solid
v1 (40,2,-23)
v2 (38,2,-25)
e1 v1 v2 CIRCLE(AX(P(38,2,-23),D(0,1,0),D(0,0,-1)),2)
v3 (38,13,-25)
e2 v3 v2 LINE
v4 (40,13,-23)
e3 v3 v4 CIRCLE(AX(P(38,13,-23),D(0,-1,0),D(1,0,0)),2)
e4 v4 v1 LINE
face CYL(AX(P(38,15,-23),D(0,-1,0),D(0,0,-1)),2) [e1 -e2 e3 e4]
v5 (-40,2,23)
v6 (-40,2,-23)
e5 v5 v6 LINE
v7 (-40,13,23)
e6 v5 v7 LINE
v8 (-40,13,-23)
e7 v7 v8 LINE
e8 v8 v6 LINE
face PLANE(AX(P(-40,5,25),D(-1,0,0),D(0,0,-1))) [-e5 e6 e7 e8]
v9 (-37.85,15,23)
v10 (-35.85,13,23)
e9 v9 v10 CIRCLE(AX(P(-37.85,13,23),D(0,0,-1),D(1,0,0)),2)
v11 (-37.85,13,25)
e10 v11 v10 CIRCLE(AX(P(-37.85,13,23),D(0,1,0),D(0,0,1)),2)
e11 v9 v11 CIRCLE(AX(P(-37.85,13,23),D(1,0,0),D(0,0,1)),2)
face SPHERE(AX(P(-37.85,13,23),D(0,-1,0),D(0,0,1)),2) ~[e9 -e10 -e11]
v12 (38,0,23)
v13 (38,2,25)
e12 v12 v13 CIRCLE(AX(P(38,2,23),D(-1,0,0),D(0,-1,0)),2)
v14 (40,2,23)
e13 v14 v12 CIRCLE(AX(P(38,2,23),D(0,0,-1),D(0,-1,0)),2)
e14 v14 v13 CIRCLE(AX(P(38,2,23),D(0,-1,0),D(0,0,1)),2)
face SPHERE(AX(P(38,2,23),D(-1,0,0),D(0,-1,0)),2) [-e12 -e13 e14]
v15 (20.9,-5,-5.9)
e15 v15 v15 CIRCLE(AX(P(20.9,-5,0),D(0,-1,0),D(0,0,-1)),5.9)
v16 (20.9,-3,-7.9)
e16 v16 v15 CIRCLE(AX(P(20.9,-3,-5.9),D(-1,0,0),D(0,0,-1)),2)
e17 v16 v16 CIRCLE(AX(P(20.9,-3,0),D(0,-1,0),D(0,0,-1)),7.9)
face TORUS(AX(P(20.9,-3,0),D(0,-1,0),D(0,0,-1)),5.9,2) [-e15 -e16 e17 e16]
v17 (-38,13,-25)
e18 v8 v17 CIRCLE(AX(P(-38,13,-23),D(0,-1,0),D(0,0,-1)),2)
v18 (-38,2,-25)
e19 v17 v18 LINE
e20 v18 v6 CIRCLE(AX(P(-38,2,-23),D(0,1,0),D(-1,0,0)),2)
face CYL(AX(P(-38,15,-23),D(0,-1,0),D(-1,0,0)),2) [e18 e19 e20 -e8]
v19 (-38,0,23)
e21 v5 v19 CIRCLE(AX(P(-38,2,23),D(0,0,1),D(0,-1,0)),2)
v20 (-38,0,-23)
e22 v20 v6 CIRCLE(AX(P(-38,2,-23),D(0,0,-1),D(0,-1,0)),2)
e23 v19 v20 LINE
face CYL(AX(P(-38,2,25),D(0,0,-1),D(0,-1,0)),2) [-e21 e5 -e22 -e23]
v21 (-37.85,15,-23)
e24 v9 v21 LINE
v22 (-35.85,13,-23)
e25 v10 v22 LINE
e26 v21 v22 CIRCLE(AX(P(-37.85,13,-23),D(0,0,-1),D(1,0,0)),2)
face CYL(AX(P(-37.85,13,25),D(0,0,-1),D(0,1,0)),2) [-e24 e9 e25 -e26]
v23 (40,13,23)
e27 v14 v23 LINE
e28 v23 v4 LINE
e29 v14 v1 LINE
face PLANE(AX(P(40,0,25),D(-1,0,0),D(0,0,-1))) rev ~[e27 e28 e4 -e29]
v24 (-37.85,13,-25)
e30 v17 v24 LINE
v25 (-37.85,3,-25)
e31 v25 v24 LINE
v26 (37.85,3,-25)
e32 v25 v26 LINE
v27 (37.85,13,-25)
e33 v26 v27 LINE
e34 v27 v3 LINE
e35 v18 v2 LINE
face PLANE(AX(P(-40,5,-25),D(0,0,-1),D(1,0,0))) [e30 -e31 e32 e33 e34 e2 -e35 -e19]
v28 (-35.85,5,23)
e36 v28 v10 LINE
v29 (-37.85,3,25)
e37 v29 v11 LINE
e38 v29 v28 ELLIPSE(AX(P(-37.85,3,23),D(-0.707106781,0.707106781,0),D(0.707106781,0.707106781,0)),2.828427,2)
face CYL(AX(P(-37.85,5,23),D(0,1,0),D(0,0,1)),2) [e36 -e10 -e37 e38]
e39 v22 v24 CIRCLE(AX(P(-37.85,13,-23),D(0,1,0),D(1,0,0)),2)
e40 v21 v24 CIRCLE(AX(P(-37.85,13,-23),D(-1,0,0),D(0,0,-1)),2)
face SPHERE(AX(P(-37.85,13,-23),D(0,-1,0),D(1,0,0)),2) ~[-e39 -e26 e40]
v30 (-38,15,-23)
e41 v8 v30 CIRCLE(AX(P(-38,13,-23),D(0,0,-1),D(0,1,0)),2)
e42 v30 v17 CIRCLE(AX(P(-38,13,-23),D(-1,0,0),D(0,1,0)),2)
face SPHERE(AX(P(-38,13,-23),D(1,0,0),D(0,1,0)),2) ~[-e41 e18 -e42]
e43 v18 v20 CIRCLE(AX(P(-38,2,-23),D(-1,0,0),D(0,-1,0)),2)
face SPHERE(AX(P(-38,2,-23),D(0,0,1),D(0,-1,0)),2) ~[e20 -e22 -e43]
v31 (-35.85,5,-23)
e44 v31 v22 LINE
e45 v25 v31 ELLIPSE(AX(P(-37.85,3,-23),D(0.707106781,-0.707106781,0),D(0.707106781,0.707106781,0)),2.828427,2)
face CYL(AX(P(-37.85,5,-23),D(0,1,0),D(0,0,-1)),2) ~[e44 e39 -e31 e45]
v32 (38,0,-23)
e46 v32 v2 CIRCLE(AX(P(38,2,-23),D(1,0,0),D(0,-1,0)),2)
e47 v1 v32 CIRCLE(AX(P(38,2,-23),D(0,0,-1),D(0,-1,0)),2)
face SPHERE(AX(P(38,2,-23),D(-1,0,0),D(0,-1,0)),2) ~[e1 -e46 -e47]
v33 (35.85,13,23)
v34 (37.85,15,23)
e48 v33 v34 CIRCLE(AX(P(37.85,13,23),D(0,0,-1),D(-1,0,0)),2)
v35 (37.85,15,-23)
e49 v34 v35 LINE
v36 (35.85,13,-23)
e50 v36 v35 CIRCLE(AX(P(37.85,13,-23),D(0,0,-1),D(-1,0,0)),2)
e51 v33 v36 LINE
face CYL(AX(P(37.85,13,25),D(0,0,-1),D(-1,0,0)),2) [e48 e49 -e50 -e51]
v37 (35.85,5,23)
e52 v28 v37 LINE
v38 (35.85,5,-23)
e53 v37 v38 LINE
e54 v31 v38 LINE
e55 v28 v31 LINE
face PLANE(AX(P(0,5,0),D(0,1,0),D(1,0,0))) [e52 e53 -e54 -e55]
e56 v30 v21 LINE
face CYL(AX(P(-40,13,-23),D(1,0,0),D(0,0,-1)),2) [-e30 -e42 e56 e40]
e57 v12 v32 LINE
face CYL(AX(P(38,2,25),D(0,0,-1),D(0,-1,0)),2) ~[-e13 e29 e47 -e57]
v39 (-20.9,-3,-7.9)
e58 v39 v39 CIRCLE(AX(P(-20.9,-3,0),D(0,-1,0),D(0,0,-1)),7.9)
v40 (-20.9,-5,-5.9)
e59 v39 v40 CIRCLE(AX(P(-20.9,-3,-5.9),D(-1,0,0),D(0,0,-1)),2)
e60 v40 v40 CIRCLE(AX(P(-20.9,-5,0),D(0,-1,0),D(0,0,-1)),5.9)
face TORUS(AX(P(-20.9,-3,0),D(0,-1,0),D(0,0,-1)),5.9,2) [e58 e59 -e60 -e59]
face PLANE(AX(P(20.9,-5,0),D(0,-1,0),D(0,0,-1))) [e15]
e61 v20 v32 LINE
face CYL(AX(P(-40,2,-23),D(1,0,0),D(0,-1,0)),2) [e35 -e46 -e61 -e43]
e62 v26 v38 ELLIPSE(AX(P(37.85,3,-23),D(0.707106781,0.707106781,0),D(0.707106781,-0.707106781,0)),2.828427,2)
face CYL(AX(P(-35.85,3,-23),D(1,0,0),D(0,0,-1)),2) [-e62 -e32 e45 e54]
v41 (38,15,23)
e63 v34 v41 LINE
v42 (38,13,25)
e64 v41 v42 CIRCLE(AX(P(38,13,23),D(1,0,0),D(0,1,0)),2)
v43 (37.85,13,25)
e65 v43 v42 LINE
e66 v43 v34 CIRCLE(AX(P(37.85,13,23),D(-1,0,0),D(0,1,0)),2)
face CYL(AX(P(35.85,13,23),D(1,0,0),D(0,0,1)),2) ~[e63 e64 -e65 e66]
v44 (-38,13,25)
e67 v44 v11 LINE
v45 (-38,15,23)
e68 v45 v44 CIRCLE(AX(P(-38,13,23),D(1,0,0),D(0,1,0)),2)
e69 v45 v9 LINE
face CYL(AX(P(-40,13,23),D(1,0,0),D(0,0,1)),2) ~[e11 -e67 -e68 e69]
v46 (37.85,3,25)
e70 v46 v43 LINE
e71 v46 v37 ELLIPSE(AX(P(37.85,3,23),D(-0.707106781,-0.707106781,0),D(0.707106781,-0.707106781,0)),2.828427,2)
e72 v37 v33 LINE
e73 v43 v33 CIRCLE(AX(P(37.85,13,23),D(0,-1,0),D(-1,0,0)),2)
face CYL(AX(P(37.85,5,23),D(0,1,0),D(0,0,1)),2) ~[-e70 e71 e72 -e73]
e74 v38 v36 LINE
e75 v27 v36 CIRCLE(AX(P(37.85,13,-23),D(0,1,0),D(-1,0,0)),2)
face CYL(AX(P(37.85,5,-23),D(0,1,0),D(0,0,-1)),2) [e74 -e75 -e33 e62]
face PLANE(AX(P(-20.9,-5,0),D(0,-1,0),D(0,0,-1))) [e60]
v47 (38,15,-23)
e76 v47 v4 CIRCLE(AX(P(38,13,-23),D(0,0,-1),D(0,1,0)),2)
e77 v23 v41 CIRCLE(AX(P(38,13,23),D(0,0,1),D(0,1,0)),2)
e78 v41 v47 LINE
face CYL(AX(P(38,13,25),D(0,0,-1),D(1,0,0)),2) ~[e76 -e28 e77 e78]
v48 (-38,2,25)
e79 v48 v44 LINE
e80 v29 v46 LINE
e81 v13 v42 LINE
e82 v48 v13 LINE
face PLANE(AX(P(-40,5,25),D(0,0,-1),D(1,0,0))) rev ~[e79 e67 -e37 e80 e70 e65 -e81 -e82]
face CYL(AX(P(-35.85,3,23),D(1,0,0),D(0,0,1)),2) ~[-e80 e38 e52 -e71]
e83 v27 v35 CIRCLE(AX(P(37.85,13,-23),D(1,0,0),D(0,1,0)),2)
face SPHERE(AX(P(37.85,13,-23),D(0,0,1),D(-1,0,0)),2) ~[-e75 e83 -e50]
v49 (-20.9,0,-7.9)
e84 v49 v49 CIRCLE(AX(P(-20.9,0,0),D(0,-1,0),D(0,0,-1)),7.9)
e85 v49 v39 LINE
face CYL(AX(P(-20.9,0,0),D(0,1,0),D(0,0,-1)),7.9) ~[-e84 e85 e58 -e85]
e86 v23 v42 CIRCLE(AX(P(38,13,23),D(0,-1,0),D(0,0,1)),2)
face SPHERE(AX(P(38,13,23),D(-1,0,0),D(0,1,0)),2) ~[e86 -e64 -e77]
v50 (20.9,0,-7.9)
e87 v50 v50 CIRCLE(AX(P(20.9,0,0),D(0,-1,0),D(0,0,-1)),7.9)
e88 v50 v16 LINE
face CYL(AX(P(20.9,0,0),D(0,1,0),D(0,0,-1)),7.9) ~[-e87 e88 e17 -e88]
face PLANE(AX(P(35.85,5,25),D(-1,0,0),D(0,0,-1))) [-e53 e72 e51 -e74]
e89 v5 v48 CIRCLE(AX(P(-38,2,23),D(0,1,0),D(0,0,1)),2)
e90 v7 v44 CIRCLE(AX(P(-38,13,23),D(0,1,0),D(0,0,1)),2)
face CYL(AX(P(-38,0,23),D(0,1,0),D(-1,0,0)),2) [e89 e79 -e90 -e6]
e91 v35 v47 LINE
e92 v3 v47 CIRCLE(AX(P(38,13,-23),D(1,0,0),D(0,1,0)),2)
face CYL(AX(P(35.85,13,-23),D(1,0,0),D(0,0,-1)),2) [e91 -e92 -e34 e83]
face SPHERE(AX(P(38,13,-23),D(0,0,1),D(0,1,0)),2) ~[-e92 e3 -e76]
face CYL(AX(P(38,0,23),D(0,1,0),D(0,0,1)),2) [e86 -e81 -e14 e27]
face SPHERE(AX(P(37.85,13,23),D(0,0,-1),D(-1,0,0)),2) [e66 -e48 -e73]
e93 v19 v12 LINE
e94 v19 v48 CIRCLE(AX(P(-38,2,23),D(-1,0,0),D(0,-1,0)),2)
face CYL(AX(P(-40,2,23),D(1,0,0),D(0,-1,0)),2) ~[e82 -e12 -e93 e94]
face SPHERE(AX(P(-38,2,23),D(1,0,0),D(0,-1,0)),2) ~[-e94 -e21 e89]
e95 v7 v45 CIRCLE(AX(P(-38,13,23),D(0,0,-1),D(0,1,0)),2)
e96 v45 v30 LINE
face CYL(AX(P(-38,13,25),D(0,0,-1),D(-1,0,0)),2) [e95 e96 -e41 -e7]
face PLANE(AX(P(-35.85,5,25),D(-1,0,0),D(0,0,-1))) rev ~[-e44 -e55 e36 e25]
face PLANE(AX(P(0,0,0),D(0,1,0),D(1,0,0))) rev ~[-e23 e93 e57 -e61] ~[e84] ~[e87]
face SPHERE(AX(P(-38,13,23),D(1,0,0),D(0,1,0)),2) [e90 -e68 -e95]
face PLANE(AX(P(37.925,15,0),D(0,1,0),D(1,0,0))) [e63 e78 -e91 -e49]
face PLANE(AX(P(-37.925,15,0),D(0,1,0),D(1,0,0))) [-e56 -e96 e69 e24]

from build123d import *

# Parameters (mm, degrees)
SKETCH1_W           = 80
SKETCH1_H           = 50
BOSS_EXTRUDE1_DEPTH = 5
SKETCH2_R           = 7.9
BOSS_EXTRUDE2_DEPTH = 5
SKETCH3_W           = 4.15
SKETCH3_H           = 50
BOSS_EXTRUDE3_DEPTH = 10
FILLET1_R           = 2
FILLET2_R           = 2


with BuildPart() as part:
    # Sketch1 → Boss-Extrude1 (new body)
    with BuildSketch(Plane(origin=(0, 0, 0), x_dir=(1, 0, 0), z_dir=(0, 1, 0))):
        Rectangle(SKETCH1_W, SKETCH1_H)
    extrude(amount=BOSS_EXTRUDE1_DEPTH)

    # Sketch2 → Boss-Extrude2 (add)
    with BuildSketch(Plane.XZ):
        with Locations(Location((-20.9, 0, 0), (0, 0, 270))):
            Circle(SKETCH2_R)
        with Locations(Location((20.9, 0, 0), (0, 0, 270))):
            Circle(SKETCH2_R)
    extrude(amount=BOSS_EXTRUDE2_DEPTH)

    # Sketch3 → Boss-Extrude3 (add)
    with BuildSketch(Plane(origin=(0, 5, 0), x_dir=(1, 0, 0), z_dir=(0, 1, 0))):
        with Locations((-37.925, 0)):
            Rectangle(SKETCH3_W, SKETCH3_H)
        with Locations((37.925, 0)):
            Rectangle(SKETCH3_W, SKETCH3_H)
    extrude(amount=BOSS_EXTRUDE3_DEPTH)

    # Fillet1
    fillet1_edges = [part.edges().sort_by_distance(p)[0] for p in [
        (-20.9, -5, 7.9),
        (20.9, -5, 7.9),
    ]]
    fillet(fillet1_edges, radius=FILLET1_R)

    # Fillet2
    fillet2_edges = [part.edges().sort_by_distance(p)[0] for p in [
        (0, 5, 25),
        (-35.85, 10, 25),
        (-35.85, 10, -25),
        (-37.925, 15, 25),
        (-35.85, 15, 0),
        (-37.925, 15, -25),
        (-40, 15, 0),
        (0, 5, -25),
        (35.85, 15, 0),
        (35.85, 10, -25),
        (35.85, 10, 25),
        (37.925, 15, 25),
        (40, 15, 0),
        (37.925, 15, -25),
        (0, 0, 25),
        (-40, 0, 0),
        (0, 0, -25),
        (40, 0, 0),
        (40, 7.5, 25),
        (-40, 7.5, 25),
        (-40, 7.5, -25),
        (40, 7.5, -25),
    ]]
    fillet(fillet2_edges, radius=FILLET2_R)


solid = part.part
